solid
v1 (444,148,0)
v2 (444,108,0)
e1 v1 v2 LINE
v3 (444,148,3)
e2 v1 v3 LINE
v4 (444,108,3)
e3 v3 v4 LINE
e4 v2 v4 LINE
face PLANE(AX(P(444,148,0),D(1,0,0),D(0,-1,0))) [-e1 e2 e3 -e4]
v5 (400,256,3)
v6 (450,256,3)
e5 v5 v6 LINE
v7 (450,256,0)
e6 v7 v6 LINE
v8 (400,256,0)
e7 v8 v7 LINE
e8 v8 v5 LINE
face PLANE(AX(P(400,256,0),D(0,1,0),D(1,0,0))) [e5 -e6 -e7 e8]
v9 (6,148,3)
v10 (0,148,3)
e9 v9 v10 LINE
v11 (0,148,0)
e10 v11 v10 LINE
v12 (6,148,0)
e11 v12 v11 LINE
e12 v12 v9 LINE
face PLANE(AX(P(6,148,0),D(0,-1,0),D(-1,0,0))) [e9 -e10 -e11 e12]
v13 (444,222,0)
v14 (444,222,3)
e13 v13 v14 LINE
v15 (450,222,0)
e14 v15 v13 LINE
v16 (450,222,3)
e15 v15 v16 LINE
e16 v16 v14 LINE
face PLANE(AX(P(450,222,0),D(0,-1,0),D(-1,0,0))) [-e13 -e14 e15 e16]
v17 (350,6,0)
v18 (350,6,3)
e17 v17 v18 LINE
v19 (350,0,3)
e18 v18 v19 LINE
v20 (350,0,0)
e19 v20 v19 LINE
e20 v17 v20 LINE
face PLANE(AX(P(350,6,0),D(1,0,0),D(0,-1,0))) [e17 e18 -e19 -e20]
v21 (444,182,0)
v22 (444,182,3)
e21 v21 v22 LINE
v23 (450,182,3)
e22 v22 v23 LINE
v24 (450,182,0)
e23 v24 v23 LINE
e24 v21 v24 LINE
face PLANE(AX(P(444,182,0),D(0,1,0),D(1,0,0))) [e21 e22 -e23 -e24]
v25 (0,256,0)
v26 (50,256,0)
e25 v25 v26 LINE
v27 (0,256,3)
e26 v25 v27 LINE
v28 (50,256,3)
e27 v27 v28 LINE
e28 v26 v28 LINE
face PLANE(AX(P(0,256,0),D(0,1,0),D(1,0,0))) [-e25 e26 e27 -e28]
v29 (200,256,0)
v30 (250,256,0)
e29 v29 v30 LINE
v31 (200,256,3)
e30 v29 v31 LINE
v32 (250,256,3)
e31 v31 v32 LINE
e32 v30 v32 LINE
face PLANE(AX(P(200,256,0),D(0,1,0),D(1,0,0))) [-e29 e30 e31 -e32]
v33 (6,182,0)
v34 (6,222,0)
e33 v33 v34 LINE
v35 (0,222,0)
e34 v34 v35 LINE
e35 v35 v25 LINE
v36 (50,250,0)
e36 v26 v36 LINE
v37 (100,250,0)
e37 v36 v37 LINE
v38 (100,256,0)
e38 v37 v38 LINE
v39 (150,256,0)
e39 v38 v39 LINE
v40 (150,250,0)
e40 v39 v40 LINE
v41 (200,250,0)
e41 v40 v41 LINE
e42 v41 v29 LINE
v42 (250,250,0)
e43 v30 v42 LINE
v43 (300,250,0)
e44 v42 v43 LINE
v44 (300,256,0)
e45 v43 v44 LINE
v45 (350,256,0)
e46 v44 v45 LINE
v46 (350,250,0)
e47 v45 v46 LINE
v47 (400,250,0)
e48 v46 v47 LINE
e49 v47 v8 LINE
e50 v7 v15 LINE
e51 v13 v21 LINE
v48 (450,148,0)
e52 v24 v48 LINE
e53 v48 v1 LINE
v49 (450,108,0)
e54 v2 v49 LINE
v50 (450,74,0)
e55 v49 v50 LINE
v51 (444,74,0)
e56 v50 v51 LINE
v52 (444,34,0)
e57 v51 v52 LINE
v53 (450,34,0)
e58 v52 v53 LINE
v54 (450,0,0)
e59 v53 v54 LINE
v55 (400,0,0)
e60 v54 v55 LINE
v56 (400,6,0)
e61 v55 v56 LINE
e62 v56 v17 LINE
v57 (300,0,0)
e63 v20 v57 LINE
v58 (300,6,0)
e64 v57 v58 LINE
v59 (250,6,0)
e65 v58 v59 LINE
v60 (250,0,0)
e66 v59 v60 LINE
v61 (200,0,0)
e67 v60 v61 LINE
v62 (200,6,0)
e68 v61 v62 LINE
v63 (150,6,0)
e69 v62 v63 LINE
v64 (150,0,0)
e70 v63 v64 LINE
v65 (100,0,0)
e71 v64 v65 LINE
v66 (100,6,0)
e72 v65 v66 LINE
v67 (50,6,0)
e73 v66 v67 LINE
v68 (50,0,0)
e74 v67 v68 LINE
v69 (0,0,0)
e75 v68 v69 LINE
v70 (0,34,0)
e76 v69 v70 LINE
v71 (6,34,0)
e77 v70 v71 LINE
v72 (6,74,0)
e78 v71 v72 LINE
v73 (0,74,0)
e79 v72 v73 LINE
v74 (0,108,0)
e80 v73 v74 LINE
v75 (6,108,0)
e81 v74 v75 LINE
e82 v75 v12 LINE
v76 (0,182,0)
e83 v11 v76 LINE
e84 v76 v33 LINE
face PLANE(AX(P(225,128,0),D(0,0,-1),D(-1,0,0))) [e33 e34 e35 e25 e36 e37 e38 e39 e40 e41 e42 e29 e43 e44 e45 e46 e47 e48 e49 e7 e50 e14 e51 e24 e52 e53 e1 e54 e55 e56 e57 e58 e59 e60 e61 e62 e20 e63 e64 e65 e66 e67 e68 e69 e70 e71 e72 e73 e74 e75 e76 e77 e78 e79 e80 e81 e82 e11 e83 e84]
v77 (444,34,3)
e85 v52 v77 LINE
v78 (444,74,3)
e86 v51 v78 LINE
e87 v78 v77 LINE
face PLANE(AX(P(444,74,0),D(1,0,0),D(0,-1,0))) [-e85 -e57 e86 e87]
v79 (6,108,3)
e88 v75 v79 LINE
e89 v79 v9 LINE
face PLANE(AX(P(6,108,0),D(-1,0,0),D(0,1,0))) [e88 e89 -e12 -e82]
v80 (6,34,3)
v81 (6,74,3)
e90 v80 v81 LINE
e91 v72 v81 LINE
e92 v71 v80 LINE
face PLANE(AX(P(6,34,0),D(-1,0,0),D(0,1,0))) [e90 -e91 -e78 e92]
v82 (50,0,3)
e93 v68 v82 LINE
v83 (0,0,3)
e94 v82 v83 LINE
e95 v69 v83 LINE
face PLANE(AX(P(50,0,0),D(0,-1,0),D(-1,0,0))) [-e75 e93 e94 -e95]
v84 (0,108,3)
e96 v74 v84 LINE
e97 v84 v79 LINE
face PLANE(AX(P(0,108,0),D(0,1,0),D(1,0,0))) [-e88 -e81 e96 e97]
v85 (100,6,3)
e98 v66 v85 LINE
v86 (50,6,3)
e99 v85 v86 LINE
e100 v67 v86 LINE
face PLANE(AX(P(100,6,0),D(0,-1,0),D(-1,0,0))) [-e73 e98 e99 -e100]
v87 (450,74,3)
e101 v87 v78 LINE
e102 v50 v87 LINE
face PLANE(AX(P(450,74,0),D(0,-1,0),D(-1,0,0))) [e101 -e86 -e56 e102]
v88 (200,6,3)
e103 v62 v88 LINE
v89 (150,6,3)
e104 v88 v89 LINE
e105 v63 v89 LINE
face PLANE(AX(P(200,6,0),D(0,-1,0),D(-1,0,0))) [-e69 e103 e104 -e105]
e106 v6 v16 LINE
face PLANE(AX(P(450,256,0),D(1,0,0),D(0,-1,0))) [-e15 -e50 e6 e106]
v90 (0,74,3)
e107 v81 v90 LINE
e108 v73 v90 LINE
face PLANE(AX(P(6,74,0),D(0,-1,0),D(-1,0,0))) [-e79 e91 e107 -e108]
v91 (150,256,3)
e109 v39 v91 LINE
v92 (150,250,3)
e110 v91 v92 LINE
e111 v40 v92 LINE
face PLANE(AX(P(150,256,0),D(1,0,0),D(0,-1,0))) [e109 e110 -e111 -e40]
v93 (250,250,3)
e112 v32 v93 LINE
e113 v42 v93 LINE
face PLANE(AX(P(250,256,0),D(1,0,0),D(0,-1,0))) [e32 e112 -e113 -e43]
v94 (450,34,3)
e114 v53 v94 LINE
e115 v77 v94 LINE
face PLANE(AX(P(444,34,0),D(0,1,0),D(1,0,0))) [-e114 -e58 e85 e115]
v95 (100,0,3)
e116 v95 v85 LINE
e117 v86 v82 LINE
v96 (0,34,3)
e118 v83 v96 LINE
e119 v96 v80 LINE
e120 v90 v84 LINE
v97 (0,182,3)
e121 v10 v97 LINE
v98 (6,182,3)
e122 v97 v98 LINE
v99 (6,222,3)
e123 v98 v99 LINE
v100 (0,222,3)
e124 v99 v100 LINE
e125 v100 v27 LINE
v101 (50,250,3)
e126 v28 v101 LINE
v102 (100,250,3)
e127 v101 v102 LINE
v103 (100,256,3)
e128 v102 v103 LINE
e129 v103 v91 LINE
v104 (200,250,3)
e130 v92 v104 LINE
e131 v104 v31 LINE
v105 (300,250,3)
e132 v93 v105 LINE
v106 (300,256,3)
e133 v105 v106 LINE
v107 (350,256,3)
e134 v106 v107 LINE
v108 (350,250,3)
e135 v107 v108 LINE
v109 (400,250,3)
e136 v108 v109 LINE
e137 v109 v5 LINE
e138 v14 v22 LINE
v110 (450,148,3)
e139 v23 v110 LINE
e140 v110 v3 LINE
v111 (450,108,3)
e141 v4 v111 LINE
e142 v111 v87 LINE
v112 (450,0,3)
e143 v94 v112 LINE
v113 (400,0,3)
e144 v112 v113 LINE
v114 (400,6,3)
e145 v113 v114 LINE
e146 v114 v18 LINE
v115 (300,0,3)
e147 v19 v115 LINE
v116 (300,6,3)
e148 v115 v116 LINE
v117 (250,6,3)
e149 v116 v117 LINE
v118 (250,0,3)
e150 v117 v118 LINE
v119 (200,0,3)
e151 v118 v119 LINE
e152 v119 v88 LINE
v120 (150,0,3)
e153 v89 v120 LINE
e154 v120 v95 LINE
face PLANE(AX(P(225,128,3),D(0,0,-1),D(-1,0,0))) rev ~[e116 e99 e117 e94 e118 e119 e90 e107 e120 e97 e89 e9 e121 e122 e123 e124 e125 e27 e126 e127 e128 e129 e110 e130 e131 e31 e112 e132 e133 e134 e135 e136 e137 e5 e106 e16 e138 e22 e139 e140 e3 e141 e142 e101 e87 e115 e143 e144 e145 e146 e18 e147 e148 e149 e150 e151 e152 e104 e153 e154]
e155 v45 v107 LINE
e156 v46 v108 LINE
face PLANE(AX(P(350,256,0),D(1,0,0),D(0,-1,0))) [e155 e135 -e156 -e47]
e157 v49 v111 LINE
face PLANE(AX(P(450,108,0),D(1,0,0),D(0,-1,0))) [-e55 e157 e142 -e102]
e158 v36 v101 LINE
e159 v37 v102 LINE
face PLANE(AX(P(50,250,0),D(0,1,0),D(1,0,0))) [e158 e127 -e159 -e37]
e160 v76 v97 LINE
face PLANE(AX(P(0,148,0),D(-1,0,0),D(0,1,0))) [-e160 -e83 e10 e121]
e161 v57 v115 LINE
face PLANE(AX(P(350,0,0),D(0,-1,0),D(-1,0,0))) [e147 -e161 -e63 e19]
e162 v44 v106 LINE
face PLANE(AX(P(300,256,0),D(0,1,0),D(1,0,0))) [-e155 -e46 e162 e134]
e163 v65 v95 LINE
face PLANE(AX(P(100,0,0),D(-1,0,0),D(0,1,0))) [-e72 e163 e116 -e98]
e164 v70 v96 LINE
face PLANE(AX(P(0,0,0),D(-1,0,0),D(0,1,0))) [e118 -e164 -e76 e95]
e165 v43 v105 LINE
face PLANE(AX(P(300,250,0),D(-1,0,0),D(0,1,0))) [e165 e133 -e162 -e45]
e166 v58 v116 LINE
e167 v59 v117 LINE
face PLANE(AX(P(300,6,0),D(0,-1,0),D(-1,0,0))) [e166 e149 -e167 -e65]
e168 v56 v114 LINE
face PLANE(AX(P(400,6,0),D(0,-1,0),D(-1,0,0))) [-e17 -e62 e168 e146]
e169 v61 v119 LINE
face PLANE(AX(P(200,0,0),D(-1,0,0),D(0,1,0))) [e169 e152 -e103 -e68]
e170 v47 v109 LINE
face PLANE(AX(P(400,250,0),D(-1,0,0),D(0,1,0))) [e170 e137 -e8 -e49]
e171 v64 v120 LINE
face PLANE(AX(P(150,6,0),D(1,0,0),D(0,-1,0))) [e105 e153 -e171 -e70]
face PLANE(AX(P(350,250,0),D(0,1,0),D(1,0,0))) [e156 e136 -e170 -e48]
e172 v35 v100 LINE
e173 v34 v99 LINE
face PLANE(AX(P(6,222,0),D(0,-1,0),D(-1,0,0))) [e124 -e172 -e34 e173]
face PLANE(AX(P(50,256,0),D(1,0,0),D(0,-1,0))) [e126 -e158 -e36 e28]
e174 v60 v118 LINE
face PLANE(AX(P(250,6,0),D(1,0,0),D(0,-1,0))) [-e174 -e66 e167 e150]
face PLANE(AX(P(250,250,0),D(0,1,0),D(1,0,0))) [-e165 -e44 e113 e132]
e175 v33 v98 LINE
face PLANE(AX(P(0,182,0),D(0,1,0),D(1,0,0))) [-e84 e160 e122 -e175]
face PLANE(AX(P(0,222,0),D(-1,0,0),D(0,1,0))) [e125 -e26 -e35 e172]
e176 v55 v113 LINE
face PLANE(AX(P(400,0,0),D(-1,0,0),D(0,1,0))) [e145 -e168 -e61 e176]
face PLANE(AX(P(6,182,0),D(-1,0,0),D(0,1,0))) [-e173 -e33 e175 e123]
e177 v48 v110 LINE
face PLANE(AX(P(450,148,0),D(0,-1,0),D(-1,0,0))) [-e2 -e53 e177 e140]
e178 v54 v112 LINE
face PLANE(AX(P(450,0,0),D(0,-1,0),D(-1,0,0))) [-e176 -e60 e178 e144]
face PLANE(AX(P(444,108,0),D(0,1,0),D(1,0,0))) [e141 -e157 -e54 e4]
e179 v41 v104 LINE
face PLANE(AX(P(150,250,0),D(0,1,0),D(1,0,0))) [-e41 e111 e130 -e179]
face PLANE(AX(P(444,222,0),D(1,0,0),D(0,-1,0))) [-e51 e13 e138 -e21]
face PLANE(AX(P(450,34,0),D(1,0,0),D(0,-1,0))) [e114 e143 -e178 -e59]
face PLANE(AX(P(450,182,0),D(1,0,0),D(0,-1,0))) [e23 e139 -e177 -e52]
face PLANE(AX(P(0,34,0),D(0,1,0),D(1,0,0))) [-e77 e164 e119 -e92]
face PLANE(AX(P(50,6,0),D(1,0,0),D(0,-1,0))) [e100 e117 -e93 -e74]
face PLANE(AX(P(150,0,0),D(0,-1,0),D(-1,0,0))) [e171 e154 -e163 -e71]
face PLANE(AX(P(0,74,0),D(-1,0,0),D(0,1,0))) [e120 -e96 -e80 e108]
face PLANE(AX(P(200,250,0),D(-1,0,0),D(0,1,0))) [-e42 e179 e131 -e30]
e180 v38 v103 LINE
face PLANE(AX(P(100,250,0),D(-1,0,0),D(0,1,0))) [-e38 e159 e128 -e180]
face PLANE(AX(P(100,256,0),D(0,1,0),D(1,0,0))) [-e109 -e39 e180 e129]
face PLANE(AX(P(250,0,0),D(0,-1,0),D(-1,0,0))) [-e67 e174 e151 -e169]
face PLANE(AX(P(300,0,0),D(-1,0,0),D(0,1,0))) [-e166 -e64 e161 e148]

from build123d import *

# Parameters (mm, degrees)
EXTRUDE_1_DEPTH = 3


with BuildPart() as part:
    # Эскиз1 → Бобышка-Вытянуть1 (new body)
    with BuildSketch(Plane.XY):
        Polygon((100, 256), (150, 256), (150, 250), (200, 250), (200, 256), (250, 256), (250, 250), (300, 250), (300, 256), (350, 256), (350, 250), (400, 250), (400, 256), (450, 256), (450, 222), (444, 222), (444, 182), (450, 182), (450, 148), (444, 148), (444, 108), (450, 108), (450, 74), (444, 74), (444, 34), (450, 34), (450, 0), (400, 0), (400, 6), (350, 6), (350, 0), (300, 0), (300, 6), (250, 6), (250, 0), (200, 0), (200, 6), (150, 6), (150, 0), (100, 0), (100, 6), (50, 6), (50, 0), (0, 0), (0, 34), (6, 34), (6, 74), (0, 74), (0, 108), (6, 108), (6, 148), (0, 148), (0, 182), (6, 182), (6, 222), (0, 222), (0, 256), (50, 256), (50, 250), (100, 250), align=None)
    extrude(amount=EXTRUDE_1_DEPTH)


solid = part.part
